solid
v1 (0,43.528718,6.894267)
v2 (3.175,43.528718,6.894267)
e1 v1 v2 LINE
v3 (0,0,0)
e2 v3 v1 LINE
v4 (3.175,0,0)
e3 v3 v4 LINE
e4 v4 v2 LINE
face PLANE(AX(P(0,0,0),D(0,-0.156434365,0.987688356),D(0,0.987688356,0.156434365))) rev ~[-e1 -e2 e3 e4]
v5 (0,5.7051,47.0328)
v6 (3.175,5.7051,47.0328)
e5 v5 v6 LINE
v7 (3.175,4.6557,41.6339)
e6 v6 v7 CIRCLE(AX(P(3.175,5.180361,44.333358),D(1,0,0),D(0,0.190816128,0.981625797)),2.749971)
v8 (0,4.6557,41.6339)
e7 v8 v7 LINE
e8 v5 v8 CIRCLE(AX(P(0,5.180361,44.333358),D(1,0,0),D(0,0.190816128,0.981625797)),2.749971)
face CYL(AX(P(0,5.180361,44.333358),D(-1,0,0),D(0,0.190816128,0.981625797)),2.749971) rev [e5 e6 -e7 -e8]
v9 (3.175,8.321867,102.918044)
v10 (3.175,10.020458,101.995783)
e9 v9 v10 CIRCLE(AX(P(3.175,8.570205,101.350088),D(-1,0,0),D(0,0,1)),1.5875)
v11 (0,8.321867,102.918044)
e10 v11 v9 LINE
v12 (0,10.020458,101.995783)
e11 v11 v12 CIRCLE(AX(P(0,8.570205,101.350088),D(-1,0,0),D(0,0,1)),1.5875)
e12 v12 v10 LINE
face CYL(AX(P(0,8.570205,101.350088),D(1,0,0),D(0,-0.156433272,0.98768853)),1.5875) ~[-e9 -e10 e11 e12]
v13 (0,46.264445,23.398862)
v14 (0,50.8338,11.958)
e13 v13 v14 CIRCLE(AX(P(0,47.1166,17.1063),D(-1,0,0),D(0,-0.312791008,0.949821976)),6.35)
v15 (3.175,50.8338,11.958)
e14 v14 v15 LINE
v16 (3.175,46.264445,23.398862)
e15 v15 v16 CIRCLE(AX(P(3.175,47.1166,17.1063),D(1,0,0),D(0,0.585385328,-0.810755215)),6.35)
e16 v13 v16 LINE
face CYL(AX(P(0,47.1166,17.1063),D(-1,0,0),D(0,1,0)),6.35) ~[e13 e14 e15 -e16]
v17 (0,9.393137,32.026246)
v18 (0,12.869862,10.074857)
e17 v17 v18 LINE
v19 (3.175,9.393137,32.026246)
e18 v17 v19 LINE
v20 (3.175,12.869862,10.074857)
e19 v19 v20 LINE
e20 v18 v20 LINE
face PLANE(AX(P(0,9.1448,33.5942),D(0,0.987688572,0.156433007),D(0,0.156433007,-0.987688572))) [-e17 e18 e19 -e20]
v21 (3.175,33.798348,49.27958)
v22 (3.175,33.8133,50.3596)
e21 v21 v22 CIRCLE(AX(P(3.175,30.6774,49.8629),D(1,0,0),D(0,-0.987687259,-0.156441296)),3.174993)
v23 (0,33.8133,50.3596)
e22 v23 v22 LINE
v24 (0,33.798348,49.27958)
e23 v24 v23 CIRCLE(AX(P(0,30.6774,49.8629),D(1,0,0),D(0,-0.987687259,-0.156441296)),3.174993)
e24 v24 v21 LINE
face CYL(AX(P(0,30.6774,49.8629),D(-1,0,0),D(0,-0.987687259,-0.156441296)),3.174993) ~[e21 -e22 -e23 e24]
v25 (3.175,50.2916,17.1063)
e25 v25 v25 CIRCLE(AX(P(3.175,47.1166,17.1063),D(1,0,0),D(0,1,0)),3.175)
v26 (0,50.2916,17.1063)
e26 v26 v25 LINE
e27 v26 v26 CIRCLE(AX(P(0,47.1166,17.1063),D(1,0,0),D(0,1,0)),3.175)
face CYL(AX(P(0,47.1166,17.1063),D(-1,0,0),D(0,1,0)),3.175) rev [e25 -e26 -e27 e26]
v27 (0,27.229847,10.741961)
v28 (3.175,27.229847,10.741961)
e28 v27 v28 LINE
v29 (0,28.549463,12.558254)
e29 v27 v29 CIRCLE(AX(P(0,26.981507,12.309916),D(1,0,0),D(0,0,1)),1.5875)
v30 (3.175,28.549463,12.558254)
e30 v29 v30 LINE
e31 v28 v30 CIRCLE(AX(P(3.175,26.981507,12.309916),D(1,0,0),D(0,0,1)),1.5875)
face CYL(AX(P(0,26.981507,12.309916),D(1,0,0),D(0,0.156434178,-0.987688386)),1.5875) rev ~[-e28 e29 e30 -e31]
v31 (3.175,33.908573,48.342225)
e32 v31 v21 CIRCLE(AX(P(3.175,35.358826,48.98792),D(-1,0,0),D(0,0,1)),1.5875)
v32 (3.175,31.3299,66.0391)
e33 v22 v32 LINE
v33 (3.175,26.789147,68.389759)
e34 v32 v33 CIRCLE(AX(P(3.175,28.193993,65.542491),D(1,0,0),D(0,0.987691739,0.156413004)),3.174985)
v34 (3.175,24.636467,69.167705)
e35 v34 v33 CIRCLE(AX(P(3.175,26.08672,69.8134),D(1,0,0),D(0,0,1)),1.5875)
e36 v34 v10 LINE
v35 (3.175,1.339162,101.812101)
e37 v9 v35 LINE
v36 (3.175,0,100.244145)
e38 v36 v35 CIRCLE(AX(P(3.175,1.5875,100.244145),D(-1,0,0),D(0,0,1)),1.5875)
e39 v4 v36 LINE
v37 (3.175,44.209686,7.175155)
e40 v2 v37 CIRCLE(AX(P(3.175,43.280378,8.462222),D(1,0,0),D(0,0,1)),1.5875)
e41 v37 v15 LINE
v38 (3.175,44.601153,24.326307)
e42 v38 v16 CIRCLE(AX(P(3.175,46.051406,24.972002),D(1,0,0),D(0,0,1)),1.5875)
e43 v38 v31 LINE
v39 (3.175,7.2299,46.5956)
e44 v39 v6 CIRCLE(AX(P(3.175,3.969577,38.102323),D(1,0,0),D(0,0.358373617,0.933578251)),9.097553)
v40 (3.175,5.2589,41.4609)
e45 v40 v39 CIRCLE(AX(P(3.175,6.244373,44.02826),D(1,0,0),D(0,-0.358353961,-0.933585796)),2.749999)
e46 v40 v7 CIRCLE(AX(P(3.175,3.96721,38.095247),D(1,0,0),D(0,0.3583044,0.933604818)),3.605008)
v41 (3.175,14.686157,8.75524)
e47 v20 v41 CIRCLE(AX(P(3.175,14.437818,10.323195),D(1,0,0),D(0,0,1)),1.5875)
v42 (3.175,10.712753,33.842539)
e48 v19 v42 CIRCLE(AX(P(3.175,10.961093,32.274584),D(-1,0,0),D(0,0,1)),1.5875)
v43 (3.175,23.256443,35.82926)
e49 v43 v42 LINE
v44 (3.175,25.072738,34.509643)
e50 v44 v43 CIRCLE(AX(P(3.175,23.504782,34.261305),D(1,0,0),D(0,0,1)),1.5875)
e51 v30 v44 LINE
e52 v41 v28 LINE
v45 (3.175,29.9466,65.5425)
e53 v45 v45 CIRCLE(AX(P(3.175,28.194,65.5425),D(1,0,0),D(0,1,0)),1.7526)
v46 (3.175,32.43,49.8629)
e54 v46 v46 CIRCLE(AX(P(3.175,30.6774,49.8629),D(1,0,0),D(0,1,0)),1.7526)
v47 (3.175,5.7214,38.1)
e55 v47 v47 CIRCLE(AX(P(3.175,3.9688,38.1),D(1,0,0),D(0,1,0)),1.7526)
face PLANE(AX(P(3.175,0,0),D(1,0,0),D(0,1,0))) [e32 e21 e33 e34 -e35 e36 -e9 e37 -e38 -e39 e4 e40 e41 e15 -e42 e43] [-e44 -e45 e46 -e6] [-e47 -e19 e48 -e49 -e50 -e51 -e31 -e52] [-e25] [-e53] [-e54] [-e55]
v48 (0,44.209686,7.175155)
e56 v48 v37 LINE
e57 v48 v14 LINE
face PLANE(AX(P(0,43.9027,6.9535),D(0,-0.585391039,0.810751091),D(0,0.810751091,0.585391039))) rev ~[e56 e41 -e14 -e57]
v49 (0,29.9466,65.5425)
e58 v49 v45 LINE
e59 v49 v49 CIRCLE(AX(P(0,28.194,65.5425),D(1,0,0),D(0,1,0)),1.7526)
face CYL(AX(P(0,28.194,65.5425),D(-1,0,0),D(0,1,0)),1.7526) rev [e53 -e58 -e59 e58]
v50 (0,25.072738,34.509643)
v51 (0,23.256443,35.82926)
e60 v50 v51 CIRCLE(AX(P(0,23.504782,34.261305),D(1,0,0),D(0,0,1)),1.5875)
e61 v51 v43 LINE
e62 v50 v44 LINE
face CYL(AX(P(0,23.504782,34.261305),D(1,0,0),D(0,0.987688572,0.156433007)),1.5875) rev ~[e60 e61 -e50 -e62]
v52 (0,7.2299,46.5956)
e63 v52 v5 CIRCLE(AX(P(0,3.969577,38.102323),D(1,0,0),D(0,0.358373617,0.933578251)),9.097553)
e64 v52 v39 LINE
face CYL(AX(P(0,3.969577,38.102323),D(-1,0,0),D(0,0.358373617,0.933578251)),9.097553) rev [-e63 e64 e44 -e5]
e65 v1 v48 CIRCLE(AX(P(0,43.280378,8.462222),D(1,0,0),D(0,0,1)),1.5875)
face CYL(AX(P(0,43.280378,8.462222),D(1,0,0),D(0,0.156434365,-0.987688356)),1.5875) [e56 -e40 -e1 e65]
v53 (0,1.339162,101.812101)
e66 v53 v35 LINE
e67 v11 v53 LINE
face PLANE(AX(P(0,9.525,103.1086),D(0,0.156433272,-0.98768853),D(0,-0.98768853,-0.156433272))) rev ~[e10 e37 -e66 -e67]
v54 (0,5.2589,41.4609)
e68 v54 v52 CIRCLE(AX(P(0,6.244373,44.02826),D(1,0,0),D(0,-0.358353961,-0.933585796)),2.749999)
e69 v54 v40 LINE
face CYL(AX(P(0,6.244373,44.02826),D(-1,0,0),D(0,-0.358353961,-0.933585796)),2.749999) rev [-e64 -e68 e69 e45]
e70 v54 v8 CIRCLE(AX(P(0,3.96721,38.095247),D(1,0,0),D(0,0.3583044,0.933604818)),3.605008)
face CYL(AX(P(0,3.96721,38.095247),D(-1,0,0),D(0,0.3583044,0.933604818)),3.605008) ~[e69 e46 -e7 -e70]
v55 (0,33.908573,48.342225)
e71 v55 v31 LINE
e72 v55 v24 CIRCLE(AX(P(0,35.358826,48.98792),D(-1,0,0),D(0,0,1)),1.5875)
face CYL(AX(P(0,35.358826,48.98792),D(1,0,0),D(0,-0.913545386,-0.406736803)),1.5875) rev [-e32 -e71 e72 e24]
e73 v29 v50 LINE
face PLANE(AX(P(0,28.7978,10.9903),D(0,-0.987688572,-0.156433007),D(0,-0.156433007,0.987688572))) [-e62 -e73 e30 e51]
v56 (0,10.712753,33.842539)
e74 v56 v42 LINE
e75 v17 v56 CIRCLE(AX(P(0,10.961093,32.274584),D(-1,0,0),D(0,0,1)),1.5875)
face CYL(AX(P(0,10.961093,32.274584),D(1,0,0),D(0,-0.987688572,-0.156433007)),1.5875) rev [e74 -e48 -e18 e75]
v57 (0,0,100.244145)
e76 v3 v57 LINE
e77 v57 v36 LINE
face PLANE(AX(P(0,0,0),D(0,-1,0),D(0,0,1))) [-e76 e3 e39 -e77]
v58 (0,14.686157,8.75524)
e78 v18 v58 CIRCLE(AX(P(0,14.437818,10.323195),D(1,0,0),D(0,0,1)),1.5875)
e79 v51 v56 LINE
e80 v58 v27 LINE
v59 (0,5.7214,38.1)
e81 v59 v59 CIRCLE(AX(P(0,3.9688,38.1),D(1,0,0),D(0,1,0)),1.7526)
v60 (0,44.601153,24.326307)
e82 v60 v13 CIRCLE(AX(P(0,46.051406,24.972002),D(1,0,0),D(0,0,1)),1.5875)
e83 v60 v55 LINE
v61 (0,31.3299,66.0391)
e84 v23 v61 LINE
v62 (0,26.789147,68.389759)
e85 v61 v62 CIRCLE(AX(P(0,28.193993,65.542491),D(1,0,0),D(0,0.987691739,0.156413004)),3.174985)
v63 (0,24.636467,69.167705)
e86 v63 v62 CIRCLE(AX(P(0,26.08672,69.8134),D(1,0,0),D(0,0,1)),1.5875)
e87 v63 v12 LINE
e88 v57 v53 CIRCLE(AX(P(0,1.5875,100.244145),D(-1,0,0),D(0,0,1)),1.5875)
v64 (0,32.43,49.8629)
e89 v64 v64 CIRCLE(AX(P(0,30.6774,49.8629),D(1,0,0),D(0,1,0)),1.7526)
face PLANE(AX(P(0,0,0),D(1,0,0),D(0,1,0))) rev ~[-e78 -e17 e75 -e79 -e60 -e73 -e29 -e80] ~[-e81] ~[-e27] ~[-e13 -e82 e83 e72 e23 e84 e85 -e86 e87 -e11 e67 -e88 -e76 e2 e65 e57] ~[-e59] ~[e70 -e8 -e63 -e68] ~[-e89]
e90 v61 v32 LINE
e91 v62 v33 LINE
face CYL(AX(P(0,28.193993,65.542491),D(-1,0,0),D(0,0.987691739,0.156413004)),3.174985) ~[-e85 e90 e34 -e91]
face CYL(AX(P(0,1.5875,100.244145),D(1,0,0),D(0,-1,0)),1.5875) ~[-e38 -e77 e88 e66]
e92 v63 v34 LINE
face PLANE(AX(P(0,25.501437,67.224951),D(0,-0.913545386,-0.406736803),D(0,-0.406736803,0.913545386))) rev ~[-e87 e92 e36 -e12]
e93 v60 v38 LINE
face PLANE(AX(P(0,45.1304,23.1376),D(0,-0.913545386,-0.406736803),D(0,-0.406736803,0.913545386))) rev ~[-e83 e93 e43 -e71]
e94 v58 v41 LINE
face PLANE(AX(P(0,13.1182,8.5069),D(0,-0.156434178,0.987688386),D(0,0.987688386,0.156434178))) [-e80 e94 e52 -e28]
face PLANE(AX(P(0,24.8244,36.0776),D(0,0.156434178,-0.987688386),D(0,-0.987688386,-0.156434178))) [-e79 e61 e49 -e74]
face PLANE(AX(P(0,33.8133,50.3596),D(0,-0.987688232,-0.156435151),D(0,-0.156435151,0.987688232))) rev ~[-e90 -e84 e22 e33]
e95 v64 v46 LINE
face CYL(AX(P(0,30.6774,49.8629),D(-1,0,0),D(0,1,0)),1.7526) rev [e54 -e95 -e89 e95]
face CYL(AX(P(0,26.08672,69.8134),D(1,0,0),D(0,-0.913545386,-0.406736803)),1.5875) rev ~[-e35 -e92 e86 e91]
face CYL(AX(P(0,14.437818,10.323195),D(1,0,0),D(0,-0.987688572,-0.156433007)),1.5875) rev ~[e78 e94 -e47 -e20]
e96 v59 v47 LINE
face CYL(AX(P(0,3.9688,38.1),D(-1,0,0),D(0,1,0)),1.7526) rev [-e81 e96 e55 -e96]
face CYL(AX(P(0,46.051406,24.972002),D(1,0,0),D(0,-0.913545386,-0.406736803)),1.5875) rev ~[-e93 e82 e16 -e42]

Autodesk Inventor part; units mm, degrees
ref_plane "YZ Plane" through (0, 0, 0) normal (1, 0, 0) x (0, 1, 0)
ref_plane "XZ Plane" through (0, 0, 0) normal (0, 1, 0) x (-1, 0, 0)
ref_plane "XY Plane" through (0, 0, 0) normal (0, 0, 1) x (1, 0, 0)
sketch "Sketch1" plane through (0, 0, 0) normal (1, 0, 0) x (0, 1, 0)
  line L0 (0, 0) -> (0, 101.6)
  line L1 (0, 0) -> (43.9027, 6.9535)
  line L2 (0, 0) -> (44.45, 0) construction
  line L3 (21.9514, 3.4768) -> (0, 142.0723) construction
  line L4 (9.1448, 33.5942) -> (13.1182, 8.5069)
  line L5 (13.1182, 8.5069) -> (28.7978, 10.9903)
  line L6 (28.7978, 10.9903) -> (24.8244, 36.0776)
  line L7 (24.8244, 36.0776) -> (9.1448, 33.5942)
  line L8 (9.1448, 33.5942) -> (28.7978, 10.9903) construction
  line L9 (13.1182, 8.5069) -> (24.8244, 36.0776) construction
  line L10 (43.9027, 6.9535) -> (9.525, 103.1086) construction
  line L11 (9.525, 103.1086) -> (0, 101.6)
  circle A0 centre (3.9688, 38.1) radius 1.7526
  arc A1 (6.2444, 44.0282) -> (5.1804, 44.3333) centre (3.9688, 38.1) ccw construction
  arc A2 (7.2299, 46.5956) -> (5.7051, 47.0328) centre (3.9688, 38.1) ccw
  arc A3 (5.2589, 41.4609) -> (4.6557, 41.6339) centre (3.9688, 38.1) ccw
  arc A4 (5.2589, 41.4609) -> (7.2299, 46.5956) centre (6.2444, 44.0282) ccw
  arc A5 (5.7051, 47.0328) -> (4.6557, 41.6339) centre (5.1804, 44.3333) ccw
  line L12 (3.9688, 38.1) -> (6.2444, 44.0282) construction
  line L13 (3.9688, 38.1) -> (10.3188, 38.1) construction
  line L14 (3.9688, 38.1) -> (5.1804, 44.3333) construction
  circle A6 centre (47.1166, 17.1063) radius 3.175
  line L15 (21.9514, 3.4768) -> (26.9182, -27.8823) construction
  circle A7 centre (47.1166, 17.1063) radius 6.35
  line L16 (43.9027, 6.9535) -> (50.8338, 11.958)
  line L17 (45.1304, 23.1376) -> (9.525, 103.1086)
  line L18 (30.6774, 49.8629) -> (28.194, 65.5425) construction
  line L19 (28.194, 65.5425) -> (26.3786, 65.2549) construction
  circle A8 centre (30.6774, 49.8629) radius 1.7526
  circle A9 centre (28.194, 65.5425) radius 1.7526
  line L20 (30.6774, 49.8629) -> (28.194, 65.5425) construction
  line L21 (33.8133, 50.3596) -> (31.3299, 66.0391)
  line L22 (25.0581, 65.0458) -> (27.5415, 49.3662) construction
  arc A10 (27.5415, 49.3662) -> (33.8133, 50.3596) centre (30.6774, 49.8629) ccw
  arc A11 (31.3299, 66.0391) -> (25.0581, 65.0458) centre (28.194, 65.5425) ccw
  point P0 (18.9713, 22.2922)
  point P1 (52.8429, 19.8506)
  point P2 (29.4357, 57.7027)
  point P3 (33.6848, 48.8449)
  point P4 (25.5014, 67.2249)
  dimension "d0" = 101.6
  dimension "d1" = 44.45
  dimension "d2" = 9
  dimension "d3" = 25.4
  dimension "d4" = 15.875
  dimension "d6" = 6.35
  dimension "d11" = 9.525
  dimension "d12" = 3.5052
  dimension "d13" = 3.9688
  dimension "d14" = 38.1
  dimension "d15" = 6.35
  dimension "d16" = 69
  dimension "d17" = 10
  dimension "d18" = 5.5
  dimension "d19" = 6.35
  dimension "d20" = 31.75
  dimension "d21" = 26.9875
  dimension "d22" = 9.525
  dimension "d23" = 12.7
  dimension "d24" = 15
  dimension "d25" = 12.7
  dimension "d26" = 15.875
  dimension "d27" = 15.875
  dimension "d28" = 3.5052
  dimension "d29" = 3.5052
  dimension "d30" = 6.35
extrude "Extrusion1" add sketch "Sketch1" along normal blind 3.175
fillet "Fillet1" radius 1.5875 10 edges at (1.5875, 24.8244, 36.0776) (1.5875, 9.1448, 33.5942) (1.5875, 13.1182, 8.5069) (1.5875, 28.7978, 10.9903) (1.5875, 45.1304, 23.1376) (1.5875, 9.525, 103.1086) (1.5875, 0, 101.6) (1.5875, 43.9027, 6.9535) (1.5875, 33.6848, 48.8449) (1.5875, 25.5014, 67.2249)
properties part number "Upright" material "Stainless Steel"
